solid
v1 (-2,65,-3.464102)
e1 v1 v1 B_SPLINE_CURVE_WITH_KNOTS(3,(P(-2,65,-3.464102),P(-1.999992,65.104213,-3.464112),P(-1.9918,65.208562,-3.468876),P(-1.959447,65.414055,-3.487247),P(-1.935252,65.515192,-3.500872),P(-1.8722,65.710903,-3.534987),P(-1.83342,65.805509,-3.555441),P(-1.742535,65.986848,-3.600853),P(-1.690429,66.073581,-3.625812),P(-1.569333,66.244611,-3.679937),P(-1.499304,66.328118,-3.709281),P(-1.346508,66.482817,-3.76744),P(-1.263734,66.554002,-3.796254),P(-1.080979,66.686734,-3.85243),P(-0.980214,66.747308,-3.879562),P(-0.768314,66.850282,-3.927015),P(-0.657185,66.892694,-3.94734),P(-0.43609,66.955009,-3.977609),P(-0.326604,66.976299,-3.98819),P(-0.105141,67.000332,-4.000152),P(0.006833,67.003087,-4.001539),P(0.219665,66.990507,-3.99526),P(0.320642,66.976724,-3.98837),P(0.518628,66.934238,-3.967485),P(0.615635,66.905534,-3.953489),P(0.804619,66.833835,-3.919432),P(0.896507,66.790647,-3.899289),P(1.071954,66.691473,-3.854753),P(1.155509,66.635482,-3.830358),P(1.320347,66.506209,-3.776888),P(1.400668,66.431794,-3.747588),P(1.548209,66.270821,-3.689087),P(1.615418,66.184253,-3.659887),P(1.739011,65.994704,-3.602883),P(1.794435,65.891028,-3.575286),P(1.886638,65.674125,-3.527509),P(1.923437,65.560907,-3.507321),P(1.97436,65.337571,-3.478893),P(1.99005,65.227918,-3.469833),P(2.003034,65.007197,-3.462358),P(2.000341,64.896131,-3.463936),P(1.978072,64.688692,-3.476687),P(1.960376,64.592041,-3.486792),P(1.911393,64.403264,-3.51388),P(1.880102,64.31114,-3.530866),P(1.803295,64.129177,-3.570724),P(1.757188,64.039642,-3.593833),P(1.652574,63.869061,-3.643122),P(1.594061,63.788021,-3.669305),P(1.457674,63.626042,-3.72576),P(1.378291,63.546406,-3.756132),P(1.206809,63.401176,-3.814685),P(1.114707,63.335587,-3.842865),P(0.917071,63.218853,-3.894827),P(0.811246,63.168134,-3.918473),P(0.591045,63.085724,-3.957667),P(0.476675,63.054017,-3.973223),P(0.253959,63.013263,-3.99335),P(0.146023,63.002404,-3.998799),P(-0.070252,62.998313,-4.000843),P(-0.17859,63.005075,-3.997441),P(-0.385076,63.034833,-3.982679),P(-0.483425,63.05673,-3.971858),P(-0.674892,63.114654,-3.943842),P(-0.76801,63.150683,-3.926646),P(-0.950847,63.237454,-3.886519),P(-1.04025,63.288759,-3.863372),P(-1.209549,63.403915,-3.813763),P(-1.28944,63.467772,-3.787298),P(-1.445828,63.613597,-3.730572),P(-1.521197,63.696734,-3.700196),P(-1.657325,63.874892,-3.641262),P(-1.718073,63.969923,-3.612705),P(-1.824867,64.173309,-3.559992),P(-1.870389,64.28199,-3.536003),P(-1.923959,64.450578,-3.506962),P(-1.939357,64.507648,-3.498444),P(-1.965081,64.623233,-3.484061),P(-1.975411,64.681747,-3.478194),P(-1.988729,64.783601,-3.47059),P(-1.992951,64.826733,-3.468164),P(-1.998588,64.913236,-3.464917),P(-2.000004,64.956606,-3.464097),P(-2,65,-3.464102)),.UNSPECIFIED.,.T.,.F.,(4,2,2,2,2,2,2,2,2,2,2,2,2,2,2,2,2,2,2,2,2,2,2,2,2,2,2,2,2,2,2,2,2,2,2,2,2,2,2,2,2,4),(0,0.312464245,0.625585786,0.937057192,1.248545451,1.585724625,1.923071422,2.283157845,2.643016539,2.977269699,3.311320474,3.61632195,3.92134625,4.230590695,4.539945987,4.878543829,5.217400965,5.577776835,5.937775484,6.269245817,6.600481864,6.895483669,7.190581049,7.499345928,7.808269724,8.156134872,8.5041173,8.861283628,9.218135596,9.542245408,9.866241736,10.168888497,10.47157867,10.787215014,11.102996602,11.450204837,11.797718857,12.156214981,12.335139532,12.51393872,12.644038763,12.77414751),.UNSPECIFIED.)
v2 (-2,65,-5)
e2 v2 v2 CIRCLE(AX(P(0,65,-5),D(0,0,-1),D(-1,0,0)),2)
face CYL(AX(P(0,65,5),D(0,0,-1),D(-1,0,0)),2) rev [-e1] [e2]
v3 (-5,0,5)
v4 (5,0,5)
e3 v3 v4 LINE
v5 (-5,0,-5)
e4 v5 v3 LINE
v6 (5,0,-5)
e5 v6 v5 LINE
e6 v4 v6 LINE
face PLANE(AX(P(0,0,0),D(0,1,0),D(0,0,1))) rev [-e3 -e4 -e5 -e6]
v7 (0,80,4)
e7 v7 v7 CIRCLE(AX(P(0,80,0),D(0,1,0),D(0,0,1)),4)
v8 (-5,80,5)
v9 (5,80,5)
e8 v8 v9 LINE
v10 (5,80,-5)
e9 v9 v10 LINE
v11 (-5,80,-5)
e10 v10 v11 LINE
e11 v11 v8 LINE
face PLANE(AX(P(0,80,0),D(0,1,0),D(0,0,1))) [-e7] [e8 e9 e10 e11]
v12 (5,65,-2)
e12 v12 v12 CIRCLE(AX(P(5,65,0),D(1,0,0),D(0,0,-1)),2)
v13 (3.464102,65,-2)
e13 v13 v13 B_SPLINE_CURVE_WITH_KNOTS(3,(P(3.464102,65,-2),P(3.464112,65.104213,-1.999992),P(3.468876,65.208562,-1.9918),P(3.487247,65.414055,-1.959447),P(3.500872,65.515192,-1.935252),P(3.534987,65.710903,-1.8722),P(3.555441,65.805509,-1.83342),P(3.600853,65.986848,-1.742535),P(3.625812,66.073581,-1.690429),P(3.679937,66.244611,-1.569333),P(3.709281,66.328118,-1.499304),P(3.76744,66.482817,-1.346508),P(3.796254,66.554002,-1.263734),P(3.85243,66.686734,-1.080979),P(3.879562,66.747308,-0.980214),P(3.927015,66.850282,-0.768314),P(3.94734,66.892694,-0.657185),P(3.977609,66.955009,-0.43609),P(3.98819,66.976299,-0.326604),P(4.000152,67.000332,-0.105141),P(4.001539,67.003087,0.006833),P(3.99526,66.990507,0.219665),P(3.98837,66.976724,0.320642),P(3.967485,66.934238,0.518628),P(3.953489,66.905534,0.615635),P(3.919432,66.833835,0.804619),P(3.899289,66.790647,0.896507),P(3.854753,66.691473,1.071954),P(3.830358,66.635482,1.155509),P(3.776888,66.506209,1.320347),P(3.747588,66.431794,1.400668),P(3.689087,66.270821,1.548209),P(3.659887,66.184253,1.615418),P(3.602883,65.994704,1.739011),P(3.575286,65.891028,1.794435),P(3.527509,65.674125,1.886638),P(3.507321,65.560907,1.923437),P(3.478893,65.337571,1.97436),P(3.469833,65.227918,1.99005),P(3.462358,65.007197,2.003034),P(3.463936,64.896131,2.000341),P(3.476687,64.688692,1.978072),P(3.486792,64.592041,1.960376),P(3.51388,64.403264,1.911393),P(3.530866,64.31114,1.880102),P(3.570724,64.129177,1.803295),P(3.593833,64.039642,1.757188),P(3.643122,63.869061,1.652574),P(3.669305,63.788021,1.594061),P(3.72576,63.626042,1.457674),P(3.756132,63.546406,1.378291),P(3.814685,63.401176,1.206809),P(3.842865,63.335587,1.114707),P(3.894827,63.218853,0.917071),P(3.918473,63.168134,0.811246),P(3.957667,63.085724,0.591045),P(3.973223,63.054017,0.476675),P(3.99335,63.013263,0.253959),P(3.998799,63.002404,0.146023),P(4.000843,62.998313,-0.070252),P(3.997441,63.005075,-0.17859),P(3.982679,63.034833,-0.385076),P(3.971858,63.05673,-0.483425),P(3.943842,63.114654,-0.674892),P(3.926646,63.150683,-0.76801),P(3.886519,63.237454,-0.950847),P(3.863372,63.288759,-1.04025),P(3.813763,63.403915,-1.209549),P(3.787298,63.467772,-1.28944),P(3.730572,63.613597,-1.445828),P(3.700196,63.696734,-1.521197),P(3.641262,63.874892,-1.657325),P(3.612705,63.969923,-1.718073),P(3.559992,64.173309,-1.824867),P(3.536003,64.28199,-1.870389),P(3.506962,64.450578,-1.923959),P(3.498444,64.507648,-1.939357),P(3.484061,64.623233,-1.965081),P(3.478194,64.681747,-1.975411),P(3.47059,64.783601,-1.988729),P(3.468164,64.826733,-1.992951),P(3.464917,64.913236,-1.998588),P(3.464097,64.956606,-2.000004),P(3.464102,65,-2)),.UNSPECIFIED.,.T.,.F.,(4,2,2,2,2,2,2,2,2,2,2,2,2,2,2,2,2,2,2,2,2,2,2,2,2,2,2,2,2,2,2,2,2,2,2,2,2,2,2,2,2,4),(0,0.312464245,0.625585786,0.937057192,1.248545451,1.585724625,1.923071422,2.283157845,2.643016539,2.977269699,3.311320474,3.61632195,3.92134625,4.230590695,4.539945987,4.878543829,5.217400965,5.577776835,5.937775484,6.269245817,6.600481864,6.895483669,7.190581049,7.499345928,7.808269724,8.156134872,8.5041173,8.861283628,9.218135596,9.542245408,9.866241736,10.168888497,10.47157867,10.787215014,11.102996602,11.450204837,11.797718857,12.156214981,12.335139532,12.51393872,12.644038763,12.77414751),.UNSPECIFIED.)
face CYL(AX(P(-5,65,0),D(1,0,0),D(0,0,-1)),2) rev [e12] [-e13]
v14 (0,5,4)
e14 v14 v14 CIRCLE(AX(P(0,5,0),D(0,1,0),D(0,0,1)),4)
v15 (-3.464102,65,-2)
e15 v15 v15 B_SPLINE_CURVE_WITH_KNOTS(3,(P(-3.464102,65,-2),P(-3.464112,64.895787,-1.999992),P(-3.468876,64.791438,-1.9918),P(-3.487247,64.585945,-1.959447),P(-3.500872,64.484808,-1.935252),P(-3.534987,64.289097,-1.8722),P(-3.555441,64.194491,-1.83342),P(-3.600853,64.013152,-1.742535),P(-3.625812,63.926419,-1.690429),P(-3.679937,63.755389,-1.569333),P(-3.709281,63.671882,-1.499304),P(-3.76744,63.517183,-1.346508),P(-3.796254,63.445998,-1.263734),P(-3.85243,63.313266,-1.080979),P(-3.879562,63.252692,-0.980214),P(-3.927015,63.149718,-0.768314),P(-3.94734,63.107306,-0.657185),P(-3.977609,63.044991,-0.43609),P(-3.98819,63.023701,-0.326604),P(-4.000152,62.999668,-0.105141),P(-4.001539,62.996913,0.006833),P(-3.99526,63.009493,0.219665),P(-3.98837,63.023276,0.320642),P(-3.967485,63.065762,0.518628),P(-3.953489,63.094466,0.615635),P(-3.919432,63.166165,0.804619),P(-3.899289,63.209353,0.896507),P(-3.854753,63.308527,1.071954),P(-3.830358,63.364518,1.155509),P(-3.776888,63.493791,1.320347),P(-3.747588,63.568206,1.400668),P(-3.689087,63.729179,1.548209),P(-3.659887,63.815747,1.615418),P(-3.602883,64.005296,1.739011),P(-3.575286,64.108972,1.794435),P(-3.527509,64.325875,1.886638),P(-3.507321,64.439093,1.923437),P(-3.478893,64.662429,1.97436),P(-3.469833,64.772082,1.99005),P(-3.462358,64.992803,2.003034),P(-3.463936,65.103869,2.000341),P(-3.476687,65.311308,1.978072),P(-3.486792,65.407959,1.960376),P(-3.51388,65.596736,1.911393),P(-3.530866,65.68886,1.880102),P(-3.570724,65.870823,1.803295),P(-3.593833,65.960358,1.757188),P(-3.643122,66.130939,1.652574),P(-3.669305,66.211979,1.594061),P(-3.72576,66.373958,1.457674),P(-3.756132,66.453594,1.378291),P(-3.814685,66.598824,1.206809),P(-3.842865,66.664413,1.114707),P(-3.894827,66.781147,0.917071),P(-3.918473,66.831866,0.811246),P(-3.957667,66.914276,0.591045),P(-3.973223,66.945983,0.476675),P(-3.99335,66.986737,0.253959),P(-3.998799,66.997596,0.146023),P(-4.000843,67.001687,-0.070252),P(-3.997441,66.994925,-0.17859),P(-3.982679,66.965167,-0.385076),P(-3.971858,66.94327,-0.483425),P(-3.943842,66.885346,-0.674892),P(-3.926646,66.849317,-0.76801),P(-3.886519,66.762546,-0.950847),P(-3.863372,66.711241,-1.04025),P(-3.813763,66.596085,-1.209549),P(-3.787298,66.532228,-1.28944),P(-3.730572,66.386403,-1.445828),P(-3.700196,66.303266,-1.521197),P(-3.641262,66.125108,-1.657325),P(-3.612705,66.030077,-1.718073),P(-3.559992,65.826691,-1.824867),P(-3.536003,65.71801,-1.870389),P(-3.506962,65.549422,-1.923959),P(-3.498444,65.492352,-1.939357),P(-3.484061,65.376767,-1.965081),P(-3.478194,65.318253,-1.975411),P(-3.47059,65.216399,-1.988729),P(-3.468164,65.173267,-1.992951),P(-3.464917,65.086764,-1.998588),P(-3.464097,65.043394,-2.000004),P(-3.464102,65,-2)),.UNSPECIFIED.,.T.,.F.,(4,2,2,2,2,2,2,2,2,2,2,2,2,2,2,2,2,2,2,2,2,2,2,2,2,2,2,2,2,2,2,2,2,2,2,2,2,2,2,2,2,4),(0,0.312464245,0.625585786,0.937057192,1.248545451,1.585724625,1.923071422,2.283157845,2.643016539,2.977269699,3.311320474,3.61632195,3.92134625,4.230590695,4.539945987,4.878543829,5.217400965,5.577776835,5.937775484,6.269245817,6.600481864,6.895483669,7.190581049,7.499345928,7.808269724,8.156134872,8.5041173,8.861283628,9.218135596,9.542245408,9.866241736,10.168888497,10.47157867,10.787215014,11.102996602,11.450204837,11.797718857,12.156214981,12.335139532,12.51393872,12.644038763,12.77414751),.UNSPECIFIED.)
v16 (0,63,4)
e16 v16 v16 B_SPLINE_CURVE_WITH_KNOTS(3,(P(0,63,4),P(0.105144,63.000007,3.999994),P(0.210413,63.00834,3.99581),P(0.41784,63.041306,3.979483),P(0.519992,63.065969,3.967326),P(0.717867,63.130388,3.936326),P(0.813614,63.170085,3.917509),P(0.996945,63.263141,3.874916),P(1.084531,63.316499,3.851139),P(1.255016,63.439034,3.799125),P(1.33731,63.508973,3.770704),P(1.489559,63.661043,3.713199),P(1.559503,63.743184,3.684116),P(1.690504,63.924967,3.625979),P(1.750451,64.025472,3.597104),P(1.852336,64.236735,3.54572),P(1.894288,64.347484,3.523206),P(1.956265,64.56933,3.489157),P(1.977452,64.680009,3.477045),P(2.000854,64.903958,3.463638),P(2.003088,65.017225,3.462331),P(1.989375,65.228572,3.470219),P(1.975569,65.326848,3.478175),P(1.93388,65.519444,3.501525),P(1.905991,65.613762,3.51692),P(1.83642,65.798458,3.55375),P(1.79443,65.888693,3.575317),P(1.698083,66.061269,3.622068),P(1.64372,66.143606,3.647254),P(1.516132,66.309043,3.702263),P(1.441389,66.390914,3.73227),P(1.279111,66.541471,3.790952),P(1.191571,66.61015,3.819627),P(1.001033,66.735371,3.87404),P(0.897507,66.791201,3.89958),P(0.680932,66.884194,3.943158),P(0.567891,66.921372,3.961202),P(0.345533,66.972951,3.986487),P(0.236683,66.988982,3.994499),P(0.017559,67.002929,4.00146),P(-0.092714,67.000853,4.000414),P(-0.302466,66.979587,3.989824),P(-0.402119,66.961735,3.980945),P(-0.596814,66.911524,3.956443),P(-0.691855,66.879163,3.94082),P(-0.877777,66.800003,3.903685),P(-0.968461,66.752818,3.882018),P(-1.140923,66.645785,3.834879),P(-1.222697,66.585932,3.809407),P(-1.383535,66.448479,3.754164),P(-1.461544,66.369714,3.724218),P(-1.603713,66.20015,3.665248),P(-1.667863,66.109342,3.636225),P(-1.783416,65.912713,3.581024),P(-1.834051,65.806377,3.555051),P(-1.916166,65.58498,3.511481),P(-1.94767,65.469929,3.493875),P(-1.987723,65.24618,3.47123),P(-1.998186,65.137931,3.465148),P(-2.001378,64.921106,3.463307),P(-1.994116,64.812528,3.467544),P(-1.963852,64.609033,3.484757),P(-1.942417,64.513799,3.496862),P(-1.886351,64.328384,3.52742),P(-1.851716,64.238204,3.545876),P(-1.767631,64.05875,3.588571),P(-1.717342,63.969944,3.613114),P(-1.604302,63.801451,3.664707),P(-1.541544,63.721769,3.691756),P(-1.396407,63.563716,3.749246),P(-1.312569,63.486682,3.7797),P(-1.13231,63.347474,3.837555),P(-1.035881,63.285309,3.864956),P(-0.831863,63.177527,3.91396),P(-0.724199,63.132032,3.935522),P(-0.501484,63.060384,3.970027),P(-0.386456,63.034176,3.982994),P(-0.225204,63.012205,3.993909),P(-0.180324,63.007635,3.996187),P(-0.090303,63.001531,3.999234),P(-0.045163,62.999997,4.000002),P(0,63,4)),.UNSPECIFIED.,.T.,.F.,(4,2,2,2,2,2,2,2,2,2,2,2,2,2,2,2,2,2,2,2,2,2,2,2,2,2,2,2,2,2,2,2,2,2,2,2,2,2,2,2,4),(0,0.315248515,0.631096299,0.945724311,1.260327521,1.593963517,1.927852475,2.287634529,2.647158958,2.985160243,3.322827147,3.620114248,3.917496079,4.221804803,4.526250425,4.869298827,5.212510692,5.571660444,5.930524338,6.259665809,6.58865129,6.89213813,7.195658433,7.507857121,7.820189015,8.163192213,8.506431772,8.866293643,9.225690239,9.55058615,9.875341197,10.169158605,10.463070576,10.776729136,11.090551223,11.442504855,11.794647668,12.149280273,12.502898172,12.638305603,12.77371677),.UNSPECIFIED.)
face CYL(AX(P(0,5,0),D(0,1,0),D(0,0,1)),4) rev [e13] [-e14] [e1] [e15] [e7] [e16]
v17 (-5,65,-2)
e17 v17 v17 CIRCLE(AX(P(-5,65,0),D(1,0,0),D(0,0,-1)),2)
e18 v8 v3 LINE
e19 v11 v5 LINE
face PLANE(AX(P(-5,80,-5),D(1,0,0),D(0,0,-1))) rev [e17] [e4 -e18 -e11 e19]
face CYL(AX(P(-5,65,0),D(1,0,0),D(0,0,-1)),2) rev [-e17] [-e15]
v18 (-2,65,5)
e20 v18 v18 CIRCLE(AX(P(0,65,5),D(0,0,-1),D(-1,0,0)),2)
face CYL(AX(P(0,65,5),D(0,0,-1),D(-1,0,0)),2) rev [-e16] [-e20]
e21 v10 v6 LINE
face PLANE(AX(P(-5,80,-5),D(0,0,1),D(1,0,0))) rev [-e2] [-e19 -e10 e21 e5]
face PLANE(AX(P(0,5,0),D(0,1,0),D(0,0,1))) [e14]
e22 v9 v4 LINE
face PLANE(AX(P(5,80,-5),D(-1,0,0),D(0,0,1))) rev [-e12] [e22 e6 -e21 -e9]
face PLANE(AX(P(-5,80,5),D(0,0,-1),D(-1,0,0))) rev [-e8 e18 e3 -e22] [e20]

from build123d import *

# Parameters (mm, degrees)
SKETCH_1_W          = 10
SKETCH_1_H          = 10
EXTRUDE_1_DEPTH     = 80
SKETCH_4_R          = 4
CUT_EXTRUDE_3_DEPTH = 75
SKETCH_5_R          = 2
CUT_EXTRUDE_4_DEPTH = 11
SKETCH_6_R          = 2
CUT_EXTRUDE_5_DEPTH = 10


with BuildPart() as part:
    # 草图1 → 凸台-拉伸1 (new body)
    with BuildSketch(Plane(origin=(0, 0, 0), x_dir=(1, 0, 0), z_dir=(0, 1, 0))):
        Rectangle(SKETCH_1_W, SKETCH_1_H)
    extrude(amount=EXTRUDE_1_DEPTH)

    # 草图4 → 切除-拉伸3 (cut)
    with BuildSketch(Plane(origin=(0, 80, 0), x_dir=(1, 0, 0), z_dir=(0, 1, 0))):
        Circle(SKETCH_4_R)
    extrude(amount=-CUT_EXTRUDE_3_DEPTH, mode=Mode.SUBTRACT)

    # 草图5 → 切除-拉伸4 (cut, through all)
    with BuildSketch(Plane(origin=(5, 0, 0), x_dir=(0, 0, -1), z_dir=(1, 0, 0))):
        with Locations((0, 65)):
            Circle(SKETCH_5_R)
    extrude(amount=-CUT_EXTRUDE_4_DEPTH, mode=Mode.SUBTRACT)

    # 草图6 → 切除-拉伸5 (cut)
    with BuildSketch(Plane(origin=(0, 0, -5), x_dir=(-1, 0, 0), z_dir=(0, 0, -1))):
        with Locations((0, 65)):
            Circle(SKETCH_6_R)
    extrude(amount=-CUT_EXTRUDE_5_DEPTH, mode=Mode.SUBTRACT)


solid = part.part
